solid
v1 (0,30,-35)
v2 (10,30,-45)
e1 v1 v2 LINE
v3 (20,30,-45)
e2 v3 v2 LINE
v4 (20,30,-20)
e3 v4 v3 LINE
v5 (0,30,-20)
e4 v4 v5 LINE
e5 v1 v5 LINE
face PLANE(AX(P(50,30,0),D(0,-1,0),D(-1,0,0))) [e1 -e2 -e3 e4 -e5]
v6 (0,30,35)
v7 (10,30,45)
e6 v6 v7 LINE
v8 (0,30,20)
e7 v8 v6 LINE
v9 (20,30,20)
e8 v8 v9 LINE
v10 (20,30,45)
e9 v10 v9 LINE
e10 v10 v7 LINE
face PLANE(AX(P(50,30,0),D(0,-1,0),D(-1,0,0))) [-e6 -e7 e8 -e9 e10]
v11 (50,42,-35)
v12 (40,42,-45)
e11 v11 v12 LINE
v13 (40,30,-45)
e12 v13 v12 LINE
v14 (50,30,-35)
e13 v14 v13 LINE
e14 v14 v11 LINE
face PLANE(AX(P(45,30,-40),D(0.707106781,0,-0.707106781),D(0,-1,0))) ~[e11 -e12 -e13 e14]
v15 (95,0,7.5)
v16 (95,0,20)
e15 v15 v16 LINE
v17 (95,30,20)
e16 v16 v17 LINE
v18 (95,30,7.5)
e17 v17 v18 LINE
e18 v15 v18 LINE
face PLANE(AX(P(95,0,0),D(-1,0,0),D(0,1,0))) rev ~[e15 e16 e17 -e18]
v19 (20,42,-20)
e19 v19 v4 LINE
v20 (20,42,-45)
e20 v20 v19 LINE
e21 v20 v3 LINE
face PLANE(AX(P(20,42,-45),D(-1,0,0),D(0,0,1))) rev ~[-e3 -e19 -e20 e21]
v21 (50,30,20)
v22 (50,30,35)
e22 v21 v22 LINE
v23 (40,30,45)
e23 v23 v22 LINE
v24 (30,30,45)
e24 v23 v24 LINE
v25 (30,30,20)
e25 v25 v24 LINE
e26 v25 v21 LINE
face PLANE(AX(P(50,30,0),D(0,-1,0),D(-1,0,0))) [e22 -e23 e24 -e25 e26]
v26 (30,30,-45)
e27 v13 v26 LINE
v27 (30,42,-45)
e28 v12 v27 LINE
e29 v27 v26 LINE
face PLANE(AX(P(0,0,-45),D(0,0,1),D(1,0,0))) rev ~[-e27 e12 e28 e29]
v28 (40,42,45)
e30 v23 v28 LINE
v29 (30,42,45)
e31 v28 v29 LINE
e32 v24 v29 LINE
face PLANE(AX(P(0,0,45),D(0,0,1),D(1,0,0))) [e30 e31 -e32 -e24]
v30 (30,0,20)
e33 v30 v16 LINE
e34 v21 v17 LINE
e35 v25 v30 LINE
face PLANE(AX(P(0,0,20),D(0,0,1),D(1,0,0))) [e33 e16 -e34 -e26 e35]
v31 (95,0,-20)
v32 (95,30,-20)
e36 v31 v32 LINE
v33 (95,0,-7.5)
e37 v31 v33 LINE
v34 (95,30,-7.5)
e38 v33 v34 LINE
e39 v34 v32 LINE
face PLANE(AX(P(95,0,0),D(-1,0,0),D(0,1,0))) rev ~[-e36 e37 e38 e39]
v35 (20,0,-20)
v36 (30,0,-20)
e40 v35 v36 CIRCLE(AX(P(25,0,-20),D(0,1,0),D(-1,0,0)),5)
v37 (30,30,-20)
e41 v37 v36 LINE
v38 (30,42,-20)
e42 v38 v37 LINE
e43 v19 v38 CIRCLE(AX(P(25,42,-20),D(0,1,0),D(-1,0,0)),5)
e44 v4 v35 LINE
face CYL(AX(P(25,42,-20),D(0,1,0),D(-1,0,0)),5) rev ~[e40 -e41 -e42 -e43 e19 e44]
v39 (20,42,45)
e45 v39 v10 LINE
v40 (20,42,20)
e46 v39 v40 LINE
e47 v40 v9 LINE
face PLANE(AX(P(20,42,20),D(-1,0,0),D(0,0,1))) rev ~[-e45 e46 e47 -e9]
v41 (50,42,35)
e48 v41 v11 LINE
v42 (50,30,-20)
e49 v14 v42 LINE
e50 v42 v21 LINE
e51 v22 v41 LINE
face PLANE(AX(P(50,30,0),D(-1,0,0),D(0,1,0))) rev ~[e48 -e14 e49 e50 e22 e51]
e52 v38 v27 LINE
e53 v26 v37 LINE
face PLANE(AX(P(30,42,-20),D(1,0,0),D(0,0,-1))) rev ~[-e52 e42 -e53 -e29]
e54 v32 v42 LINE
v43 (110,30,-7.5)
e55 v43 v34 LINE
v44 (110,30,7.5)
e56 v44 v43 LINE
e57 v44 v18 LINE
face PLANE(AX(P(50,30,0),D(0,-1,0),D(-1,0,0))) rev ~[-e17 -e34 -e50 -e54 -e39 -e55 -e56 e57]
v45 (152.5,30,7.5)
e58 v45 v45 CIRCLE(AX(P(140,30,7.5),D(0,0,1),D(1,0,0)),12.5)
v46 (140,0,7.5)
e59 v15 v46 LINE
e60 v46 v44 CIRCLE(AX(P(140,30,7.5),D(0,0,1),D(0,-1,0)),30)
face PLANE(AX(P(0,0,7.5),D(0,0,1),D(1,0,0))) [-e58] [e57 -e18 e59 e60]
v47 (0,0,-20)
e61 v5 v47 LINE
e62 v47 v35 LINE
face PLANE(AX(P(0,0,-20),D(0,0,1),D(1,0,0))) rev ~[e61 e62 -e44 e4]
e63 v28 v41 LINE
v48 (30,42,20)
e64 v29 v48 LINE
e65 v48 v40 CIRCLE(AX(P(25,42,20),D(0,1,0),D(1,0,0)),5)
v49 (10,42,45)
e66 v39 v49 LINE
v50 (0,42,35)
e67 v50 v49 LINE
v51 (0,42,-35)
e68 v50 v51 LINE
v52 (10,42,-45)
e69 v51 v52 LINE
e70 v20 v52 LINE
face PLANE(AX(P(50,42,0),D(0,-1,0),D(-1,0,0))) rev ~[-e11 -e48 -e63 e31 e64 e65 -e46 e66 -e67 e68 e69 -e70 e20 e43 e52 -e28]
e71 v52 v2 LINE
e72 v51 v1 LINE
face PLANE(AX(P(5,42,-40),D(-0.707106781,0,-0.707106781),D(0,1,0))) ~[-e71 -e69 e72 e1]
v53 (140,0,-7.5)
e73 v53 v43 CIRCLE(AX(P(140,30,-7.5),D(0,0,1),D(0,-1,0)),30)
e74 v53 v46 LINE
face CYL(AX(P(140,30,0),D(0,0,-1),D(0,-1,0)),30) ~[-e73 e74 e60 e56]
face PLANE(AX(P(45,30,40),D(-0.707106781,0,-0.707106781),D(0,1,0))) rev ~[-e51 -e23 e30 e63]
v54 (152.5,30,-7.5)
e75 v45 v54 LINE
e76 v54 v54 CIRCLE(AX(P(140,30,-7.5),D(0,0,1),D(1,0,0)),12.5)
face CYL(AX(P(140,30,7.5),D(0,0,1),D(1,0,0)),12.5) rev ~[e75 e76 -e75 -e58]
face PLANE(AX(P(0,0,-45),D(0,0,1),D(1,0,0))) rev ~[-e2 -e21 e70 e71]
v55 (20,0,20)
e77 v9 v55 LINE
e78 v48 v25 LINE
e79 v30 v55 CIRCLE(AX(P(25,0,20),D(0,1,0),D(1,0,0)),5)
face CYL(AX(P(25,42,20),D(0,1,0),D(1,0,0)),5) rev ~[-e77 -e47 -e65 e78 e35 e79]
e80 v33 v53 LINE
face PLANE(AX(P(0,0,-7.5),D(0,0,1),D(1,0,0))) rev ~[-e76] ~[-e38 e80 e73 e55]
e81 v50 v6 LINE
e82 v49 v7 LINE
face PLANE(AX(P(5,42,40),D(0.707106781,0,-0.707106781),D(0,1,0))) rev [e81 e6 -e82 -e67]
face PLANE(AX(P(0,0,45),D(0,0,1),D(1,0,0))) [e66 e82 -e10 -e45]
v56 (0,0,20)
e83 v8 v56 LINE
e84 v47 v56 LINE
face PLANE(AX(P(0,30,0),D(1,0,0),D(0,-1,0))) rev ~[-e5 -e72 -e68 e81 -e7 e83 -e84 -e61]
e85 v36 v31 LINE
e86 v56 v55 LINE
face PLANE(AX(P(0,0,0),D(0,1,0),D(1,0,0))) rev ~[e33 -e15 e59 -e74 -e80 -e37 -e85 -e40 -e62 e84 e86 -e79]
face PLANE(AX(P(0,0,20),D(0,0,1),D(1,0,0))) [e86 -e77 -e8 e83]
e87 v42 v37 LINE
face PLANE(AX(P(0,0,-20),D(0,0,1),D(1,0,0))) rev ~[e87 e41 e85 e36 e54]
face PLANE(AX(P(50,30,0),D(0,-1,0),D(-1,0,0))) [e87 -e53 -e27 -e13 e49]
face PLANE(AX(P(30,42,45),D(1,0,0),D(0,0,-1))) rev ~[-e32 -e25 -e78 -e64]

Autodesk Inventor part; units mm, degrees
ref_plane "YZ Plane" through (0, 0, 0) normal (1, 0, 0) x (0, 1, 0)
ref_plane "XZ Plane" through (0, 0, 0) normal (0, 1, 0) x (-1, 0, 0)
ref_plane "XY Plane" through (0, 0, 0) normal (0, 0, 1) x (1, 0, 0)
sketch "Esboço1" plane through (0, 0, 0) normal (0, 0, 1) x (1, 0, 0)
  line L0 (0, 0) -> (95, 0)
  line L1 (95, 0) -> (95, 30)
  line L2 (95, 30) -> (0, 30)
  line L3 (0, 30) -> (0, 0)
  line L4 (0, 30) -> (50, 30)
  line L5 (50, 30) -> (50, 42)
  line L6 (50, 42) -> (0, 42)
  line L7 (0, 42) -> (0, 30)
  line L8 (95, 0) -> (140, 0)
  line L9 (110, 30) -> (95, 30)
  line L10 (95, 30) -> (95, 0)
  arc A0 (140, 0) -> (110, 30) centre (140, 30) ccw
  dimension "d0" = 95
  dimension "d1" = 30
  dimension "d2" = 50
  dimension "d3" = 12
  dimension "d4" = 60
  dimension "d5" = 140
extrude "Extrusão1" add sketch "Esboço1" along normal mid plane 40 contours L3 L2 L1 L0
extrude "Extrusão2" add sketch "Esboço1" along normal mid plane 15 contours L1 L9 A0 L8
extrude "Extrusão3" add sketch "Esboço1" along normal mid plane 90 contours L7 L6 L5 L2
sketch "Esboço2" plane through (0, 42, 45) normal (0, 1, 0) x (1, 0, 0)
  point P0 (0, 45)
sketch "Esboço3" plane through (0, 42, 45) normal (0, 1, 0) x (1, 0, 0)
  line L0 (25, -25) -> (25, 25) construction
  line L1 (0, 0) -> (50, 0) projected
  line L2 (30, -25) -> (30, 25)
  line L3 (20, 25) -> (20, -25)
  arc A0 (20, -25) -> (30, -25) centre (25, -25) ccw
  arc A1 (30, 25) -> (20, 25) centre (25, 25) ccw
  line L4 (25, 115) -> (25, 65) construction
  line L5 (50, 90) -> (0, 90) projected
  line L6 (20, 115) -> (20, 65)
  line L7 (30, 65) -> (30, 115)
  arc A2 (30, 115) -> (20, 115) centre (25, 115) ccw
  arc A3 (20, 65) -> (30, 65) centre (25, 65) ccw
  point P0 (0, 45)
  point P1 (25, 0)
  point P2 (25, 90)
  point P3 (30, 90)
  point P4 (20, 90)
  dimension "d12" = 25
  dimension "d14" = 5
  dimension "d15" = 5
  dimension "d16" = 25
extrude "Extrusão4" cut sketch "Esboço3" against normal through all contours L3 A1 L2 L1 | L1 L2 A0 L3
extrude "Extrusão5" cut sketch "Esboço3" against normal through all contours L7 A3 L6 L5
chamfer "Chanfro1" distance 10 angle 45 1 edges at (0, 36, 45)
chamfer "Chanfro2" distance 10 angle 45 1 edges at (50, 36, 45)
chamfer "Chanfro3" distance 10 angle 45 2 edges at (0, 36, -45) (50, 36, -45)
sketch "Esboço4" plane through (0, 0, 7.5) normal (0, 0, 1) x (1, 0, 0)
  circle A0 centre (140, 30) radius 12.5
  arc A1 (140, 0) -> (110, 30) centre (140, 30) ccw projected
  point P0 (0, 0)
  dimension "d30" = 25
extrude "Extrusão6" cut sketch "Esboço4" against normal through all
properties part number "Peça teste 2"
